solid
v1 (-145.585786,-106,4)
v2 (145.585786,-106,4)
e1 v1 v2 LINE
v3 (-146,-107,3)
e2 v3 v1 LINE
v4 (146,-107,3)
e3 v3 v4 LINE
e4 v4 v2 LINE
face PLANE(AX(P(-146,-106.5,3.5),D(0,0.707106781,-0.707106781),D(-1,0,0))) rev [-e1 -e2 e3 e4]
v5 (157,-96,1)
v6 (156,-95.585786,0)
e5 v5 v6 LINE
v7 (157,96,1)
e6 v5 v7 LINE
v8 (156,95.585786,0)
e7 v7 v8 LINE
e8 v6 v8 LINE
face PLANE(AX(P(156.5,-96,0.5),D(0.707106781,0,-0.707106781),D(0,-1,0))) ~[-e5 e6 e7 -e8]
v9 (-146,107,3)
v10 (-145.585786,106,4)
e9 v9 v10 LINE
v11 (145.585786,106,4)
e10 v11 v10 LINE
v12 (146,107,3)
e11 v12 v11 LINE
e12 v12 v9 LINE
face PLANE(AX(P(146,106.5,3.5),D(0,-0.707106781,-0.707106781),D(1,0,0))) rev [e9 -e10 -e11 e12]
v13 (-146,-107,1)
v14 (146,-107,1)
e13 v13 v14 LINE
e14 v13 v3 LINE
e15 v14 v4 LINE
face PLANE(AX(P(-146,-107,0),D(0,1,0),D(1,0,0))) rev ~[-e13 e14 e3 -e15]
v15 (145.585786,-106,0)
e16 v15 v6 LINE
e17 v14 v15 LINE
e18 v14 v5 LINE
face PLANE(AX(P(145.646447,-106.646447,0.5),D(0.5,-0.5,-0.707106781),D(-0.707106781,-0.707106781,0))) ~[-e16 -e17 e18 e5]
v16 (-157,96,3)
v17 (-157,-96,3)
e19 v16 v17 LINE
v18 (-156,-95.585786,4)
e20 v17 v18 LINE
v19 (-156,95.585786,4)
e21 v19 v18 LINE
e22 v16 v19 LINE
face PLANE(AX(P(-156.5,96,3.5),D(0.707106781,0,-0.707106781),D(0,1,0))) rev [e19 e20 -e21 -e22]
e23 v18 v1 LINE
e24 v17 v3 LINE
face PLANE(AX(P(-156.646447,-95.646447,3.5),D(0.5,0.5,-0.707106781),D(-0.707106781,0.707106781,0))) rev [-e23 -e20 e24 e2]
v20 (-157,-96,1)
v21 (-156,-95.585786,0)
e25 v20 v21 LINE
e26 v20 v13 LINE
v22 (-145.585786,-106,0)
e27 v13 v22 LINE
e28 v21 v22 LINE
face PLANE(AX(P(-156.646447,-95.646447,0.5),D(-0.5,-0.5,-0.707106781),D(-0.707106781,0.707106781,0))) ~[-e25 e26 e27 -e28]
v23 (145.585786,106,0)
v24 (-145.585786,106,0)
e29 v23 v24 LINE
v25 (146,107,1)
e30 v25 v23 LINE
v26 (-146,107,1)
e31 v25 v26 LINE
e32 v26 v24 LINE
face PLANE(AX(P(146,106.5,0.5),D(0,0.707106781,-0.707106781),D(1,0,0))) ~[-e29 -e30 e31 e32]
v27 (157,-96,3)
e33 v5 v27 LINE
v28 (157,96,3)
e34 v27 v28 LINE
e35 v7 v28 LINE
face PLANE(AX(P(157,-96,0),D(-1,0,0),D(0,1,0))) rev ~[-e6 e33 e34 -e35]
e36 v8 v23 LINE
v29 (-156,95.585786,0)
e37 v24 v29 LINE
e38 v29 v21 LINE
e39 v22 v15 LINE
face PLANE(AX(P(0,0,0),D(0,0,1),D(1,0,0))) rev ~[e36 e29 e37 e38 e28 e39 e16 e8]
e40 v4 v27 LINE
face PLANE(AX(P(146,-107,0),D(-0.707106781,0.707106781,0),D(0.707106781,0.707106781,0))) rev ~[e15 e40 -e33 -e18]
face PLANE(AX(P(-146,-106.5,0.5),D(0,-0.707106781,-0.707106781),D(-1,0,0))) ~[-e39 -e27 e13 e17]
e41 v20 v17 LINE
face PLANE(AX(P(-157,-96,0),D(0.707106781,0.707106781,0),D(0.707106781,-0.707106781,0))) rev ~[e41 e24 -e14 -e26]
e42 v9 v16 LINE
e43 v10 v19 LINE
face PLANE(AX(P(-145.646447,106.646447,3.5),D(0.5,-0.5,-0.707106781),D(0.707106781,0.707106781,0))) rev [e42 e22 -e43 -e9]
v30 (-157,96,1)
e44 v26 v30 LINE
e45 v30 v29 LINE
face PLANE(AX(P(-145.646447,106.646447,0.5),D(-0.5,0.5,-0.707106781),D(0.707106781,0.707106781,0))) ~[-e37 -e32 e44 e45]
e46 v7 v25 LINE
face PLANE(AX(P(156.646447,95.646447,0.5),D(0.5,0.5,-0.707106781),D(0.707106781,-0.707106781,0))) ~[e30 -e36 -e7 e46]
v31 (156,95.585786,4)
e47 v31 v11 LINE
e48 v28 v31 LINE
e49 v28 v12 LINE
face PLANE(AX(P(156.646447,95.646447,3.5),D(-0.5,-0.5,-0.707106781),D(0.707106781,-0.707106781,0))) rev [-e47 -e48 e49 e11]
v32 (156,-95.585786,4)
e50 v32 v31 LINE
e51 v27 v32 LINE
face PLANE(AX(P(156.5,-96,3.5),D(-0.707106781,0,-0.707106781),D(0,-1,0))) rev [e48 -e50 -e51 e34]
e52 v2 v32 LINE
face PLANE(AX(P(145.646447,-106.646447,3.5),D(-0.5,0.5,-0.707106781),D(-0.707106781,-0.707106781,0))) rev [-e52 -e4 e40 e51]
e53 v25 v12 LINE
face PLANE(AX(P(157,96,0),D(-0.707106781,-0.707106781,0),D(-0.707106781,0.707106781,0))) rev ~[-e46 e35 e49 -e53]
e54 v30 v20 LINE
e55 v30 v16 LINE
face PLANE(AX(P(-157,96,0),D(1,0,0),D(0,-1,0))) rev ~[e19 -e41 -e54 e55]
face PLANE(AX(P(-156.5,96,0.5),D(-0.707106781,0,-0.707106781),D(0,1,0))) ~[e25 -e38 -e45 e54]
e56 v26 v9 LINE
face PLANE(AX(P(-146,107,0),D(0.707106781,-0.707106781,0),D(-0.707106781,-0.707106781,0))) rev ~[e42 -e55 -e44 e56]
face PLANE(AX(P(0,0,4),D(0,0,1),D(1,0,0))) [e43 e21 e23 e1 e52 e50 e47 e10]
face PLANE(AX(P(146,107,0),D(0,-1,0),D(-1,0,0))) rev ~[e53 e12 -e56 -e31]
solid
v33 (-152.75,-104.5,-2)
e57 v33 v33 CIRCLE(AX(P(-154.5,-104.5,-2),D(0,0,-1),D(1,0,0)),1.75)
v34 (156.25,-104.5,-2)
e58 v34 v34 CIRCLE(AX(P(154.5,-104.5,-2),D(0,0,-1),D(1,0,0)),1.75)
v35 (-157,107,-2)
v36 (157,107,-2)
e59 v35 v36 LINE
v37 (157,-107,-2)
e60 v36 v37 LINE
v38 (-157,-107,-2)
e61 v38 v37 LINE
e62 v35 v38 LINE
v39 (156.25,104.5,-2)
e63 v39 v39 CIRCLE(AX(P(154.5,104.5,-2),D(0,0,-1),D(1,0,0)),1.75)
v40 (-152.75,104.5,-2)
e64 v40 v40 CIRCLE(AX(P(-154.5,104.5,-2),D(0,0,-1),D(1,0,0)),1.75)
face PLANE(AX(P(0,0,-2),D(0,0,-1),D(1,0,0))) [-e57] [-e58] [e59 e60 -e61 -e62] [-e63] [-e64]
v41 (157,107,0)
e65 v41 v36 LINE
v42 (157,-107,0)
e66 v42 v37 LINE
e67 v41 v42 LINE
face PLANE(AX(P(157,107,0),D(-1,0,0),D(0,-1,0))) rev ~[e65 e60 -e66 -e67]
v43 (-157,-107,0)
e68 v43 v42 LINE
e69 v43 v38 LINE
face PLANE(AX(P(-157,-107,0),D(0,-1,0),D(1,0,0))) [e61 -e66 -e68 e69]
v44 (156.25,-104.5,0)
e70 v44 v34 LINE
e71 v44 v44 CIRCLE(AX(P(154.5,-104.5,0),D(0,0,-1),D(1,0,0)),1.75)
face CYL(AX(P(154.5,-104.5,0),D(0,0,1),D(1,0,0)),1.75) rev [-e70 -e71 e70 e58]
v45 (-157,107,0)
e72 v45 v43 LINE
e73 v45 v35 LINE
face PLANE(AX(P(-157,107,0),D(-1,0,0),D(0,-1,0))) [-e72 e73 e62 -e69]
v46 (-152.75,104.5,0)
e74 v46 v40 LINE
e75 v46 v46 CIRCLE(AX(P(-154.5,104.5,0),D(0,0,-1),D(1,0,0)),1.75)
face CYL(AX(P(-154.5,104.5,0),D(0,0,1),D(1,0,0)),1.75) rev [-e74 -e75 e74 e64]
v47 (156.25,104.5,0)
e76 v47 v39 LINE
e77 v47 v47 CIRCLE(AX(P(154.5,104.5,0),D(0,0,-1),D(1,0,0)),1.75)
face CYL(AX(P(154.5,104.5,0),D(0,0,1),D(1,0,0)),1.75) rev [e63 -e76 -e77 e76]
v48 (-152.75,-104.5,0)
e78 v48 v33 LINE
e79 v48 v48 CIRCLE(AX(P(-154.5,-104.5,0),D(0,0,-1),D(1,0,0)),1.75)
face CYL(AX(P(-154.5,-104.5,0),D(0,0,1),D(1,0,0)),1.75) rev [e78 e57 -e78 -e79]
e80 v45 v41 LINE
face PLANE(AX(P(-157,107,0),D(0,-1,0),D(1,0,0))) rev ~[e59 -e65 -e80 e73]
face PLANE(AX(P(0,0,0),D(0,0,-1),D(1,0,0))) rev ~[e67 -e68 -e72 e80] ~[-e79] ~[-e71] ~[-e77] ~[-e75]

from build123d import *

# Parameters (mm, degrees)
F1_DEPTH = 4
F2_W     = 314
F2_H     = 214
F2_R     = 1.75
F3_DEPTH = 2
F4_SIZE  = 1


with BuildPart() as f1:
    # F0 (on Top) → F1 (new body)
    with BuildSketch(Plane.XY):
        Polygon((-146, 107), (-157, 96), (-157, -96), (-146, -107), (146, -107), (157, -96), (157, 96), (146, 107), align=None)
    extrude(amount=F1_DEPTH)

    # F4
    f4_edges = [f1.edges().sort_by_distance(p)[0] for p in [
        (-151.5, 101.5, 4),
        (-157, 0, 4),
        (-151.5, -101.5, 4),
        (0, -107, 4),
        (151.5, -101.5, 4),
        (157, 0, 4),
        (151.5, 101.5, 4),
        (0, 107, 4),
        (-151.5, 101.5, 0),
        (-157, 0, 0),
        (-151.5, -101.5, 0),
        (0, -107, 0),
        (151.5, -101.5, 0),
        (157, 0, 0),
        (151.5, 101.5, 0),
        (0, 107, 0),
    ]]
    chamfer(f4_edges, length=F4_SIZE)


with BuildPart() as f3:
    # F2 (on face) → F3 (new body)
    with BuildSketch(Plane(origin=(0, 0, 0), x_dir=(1, 0, 0), z_dir=(0, 0, -1))):
        Rectangle(F2_W, F2_H)
        with Locations((-154.5, -104.5)):
            Circle(F2_R, mode=Mode.SUBTRACT)
        with Locations((154.5, -104.5)):
            Circle(F2_R, mode=Mode.SUBTRACT)
        with Locations((-154.5, 104.5)):
            Circle(F2_R, mode=Mode.SUBTRACT)
        with Locations((154.5, 104.5)):
            Circle(F2_R, mode=Mode.SUBTRACT)
    extrude(amount=F3_DEPTH)


solid = Compound([f1.part, f3.part])
